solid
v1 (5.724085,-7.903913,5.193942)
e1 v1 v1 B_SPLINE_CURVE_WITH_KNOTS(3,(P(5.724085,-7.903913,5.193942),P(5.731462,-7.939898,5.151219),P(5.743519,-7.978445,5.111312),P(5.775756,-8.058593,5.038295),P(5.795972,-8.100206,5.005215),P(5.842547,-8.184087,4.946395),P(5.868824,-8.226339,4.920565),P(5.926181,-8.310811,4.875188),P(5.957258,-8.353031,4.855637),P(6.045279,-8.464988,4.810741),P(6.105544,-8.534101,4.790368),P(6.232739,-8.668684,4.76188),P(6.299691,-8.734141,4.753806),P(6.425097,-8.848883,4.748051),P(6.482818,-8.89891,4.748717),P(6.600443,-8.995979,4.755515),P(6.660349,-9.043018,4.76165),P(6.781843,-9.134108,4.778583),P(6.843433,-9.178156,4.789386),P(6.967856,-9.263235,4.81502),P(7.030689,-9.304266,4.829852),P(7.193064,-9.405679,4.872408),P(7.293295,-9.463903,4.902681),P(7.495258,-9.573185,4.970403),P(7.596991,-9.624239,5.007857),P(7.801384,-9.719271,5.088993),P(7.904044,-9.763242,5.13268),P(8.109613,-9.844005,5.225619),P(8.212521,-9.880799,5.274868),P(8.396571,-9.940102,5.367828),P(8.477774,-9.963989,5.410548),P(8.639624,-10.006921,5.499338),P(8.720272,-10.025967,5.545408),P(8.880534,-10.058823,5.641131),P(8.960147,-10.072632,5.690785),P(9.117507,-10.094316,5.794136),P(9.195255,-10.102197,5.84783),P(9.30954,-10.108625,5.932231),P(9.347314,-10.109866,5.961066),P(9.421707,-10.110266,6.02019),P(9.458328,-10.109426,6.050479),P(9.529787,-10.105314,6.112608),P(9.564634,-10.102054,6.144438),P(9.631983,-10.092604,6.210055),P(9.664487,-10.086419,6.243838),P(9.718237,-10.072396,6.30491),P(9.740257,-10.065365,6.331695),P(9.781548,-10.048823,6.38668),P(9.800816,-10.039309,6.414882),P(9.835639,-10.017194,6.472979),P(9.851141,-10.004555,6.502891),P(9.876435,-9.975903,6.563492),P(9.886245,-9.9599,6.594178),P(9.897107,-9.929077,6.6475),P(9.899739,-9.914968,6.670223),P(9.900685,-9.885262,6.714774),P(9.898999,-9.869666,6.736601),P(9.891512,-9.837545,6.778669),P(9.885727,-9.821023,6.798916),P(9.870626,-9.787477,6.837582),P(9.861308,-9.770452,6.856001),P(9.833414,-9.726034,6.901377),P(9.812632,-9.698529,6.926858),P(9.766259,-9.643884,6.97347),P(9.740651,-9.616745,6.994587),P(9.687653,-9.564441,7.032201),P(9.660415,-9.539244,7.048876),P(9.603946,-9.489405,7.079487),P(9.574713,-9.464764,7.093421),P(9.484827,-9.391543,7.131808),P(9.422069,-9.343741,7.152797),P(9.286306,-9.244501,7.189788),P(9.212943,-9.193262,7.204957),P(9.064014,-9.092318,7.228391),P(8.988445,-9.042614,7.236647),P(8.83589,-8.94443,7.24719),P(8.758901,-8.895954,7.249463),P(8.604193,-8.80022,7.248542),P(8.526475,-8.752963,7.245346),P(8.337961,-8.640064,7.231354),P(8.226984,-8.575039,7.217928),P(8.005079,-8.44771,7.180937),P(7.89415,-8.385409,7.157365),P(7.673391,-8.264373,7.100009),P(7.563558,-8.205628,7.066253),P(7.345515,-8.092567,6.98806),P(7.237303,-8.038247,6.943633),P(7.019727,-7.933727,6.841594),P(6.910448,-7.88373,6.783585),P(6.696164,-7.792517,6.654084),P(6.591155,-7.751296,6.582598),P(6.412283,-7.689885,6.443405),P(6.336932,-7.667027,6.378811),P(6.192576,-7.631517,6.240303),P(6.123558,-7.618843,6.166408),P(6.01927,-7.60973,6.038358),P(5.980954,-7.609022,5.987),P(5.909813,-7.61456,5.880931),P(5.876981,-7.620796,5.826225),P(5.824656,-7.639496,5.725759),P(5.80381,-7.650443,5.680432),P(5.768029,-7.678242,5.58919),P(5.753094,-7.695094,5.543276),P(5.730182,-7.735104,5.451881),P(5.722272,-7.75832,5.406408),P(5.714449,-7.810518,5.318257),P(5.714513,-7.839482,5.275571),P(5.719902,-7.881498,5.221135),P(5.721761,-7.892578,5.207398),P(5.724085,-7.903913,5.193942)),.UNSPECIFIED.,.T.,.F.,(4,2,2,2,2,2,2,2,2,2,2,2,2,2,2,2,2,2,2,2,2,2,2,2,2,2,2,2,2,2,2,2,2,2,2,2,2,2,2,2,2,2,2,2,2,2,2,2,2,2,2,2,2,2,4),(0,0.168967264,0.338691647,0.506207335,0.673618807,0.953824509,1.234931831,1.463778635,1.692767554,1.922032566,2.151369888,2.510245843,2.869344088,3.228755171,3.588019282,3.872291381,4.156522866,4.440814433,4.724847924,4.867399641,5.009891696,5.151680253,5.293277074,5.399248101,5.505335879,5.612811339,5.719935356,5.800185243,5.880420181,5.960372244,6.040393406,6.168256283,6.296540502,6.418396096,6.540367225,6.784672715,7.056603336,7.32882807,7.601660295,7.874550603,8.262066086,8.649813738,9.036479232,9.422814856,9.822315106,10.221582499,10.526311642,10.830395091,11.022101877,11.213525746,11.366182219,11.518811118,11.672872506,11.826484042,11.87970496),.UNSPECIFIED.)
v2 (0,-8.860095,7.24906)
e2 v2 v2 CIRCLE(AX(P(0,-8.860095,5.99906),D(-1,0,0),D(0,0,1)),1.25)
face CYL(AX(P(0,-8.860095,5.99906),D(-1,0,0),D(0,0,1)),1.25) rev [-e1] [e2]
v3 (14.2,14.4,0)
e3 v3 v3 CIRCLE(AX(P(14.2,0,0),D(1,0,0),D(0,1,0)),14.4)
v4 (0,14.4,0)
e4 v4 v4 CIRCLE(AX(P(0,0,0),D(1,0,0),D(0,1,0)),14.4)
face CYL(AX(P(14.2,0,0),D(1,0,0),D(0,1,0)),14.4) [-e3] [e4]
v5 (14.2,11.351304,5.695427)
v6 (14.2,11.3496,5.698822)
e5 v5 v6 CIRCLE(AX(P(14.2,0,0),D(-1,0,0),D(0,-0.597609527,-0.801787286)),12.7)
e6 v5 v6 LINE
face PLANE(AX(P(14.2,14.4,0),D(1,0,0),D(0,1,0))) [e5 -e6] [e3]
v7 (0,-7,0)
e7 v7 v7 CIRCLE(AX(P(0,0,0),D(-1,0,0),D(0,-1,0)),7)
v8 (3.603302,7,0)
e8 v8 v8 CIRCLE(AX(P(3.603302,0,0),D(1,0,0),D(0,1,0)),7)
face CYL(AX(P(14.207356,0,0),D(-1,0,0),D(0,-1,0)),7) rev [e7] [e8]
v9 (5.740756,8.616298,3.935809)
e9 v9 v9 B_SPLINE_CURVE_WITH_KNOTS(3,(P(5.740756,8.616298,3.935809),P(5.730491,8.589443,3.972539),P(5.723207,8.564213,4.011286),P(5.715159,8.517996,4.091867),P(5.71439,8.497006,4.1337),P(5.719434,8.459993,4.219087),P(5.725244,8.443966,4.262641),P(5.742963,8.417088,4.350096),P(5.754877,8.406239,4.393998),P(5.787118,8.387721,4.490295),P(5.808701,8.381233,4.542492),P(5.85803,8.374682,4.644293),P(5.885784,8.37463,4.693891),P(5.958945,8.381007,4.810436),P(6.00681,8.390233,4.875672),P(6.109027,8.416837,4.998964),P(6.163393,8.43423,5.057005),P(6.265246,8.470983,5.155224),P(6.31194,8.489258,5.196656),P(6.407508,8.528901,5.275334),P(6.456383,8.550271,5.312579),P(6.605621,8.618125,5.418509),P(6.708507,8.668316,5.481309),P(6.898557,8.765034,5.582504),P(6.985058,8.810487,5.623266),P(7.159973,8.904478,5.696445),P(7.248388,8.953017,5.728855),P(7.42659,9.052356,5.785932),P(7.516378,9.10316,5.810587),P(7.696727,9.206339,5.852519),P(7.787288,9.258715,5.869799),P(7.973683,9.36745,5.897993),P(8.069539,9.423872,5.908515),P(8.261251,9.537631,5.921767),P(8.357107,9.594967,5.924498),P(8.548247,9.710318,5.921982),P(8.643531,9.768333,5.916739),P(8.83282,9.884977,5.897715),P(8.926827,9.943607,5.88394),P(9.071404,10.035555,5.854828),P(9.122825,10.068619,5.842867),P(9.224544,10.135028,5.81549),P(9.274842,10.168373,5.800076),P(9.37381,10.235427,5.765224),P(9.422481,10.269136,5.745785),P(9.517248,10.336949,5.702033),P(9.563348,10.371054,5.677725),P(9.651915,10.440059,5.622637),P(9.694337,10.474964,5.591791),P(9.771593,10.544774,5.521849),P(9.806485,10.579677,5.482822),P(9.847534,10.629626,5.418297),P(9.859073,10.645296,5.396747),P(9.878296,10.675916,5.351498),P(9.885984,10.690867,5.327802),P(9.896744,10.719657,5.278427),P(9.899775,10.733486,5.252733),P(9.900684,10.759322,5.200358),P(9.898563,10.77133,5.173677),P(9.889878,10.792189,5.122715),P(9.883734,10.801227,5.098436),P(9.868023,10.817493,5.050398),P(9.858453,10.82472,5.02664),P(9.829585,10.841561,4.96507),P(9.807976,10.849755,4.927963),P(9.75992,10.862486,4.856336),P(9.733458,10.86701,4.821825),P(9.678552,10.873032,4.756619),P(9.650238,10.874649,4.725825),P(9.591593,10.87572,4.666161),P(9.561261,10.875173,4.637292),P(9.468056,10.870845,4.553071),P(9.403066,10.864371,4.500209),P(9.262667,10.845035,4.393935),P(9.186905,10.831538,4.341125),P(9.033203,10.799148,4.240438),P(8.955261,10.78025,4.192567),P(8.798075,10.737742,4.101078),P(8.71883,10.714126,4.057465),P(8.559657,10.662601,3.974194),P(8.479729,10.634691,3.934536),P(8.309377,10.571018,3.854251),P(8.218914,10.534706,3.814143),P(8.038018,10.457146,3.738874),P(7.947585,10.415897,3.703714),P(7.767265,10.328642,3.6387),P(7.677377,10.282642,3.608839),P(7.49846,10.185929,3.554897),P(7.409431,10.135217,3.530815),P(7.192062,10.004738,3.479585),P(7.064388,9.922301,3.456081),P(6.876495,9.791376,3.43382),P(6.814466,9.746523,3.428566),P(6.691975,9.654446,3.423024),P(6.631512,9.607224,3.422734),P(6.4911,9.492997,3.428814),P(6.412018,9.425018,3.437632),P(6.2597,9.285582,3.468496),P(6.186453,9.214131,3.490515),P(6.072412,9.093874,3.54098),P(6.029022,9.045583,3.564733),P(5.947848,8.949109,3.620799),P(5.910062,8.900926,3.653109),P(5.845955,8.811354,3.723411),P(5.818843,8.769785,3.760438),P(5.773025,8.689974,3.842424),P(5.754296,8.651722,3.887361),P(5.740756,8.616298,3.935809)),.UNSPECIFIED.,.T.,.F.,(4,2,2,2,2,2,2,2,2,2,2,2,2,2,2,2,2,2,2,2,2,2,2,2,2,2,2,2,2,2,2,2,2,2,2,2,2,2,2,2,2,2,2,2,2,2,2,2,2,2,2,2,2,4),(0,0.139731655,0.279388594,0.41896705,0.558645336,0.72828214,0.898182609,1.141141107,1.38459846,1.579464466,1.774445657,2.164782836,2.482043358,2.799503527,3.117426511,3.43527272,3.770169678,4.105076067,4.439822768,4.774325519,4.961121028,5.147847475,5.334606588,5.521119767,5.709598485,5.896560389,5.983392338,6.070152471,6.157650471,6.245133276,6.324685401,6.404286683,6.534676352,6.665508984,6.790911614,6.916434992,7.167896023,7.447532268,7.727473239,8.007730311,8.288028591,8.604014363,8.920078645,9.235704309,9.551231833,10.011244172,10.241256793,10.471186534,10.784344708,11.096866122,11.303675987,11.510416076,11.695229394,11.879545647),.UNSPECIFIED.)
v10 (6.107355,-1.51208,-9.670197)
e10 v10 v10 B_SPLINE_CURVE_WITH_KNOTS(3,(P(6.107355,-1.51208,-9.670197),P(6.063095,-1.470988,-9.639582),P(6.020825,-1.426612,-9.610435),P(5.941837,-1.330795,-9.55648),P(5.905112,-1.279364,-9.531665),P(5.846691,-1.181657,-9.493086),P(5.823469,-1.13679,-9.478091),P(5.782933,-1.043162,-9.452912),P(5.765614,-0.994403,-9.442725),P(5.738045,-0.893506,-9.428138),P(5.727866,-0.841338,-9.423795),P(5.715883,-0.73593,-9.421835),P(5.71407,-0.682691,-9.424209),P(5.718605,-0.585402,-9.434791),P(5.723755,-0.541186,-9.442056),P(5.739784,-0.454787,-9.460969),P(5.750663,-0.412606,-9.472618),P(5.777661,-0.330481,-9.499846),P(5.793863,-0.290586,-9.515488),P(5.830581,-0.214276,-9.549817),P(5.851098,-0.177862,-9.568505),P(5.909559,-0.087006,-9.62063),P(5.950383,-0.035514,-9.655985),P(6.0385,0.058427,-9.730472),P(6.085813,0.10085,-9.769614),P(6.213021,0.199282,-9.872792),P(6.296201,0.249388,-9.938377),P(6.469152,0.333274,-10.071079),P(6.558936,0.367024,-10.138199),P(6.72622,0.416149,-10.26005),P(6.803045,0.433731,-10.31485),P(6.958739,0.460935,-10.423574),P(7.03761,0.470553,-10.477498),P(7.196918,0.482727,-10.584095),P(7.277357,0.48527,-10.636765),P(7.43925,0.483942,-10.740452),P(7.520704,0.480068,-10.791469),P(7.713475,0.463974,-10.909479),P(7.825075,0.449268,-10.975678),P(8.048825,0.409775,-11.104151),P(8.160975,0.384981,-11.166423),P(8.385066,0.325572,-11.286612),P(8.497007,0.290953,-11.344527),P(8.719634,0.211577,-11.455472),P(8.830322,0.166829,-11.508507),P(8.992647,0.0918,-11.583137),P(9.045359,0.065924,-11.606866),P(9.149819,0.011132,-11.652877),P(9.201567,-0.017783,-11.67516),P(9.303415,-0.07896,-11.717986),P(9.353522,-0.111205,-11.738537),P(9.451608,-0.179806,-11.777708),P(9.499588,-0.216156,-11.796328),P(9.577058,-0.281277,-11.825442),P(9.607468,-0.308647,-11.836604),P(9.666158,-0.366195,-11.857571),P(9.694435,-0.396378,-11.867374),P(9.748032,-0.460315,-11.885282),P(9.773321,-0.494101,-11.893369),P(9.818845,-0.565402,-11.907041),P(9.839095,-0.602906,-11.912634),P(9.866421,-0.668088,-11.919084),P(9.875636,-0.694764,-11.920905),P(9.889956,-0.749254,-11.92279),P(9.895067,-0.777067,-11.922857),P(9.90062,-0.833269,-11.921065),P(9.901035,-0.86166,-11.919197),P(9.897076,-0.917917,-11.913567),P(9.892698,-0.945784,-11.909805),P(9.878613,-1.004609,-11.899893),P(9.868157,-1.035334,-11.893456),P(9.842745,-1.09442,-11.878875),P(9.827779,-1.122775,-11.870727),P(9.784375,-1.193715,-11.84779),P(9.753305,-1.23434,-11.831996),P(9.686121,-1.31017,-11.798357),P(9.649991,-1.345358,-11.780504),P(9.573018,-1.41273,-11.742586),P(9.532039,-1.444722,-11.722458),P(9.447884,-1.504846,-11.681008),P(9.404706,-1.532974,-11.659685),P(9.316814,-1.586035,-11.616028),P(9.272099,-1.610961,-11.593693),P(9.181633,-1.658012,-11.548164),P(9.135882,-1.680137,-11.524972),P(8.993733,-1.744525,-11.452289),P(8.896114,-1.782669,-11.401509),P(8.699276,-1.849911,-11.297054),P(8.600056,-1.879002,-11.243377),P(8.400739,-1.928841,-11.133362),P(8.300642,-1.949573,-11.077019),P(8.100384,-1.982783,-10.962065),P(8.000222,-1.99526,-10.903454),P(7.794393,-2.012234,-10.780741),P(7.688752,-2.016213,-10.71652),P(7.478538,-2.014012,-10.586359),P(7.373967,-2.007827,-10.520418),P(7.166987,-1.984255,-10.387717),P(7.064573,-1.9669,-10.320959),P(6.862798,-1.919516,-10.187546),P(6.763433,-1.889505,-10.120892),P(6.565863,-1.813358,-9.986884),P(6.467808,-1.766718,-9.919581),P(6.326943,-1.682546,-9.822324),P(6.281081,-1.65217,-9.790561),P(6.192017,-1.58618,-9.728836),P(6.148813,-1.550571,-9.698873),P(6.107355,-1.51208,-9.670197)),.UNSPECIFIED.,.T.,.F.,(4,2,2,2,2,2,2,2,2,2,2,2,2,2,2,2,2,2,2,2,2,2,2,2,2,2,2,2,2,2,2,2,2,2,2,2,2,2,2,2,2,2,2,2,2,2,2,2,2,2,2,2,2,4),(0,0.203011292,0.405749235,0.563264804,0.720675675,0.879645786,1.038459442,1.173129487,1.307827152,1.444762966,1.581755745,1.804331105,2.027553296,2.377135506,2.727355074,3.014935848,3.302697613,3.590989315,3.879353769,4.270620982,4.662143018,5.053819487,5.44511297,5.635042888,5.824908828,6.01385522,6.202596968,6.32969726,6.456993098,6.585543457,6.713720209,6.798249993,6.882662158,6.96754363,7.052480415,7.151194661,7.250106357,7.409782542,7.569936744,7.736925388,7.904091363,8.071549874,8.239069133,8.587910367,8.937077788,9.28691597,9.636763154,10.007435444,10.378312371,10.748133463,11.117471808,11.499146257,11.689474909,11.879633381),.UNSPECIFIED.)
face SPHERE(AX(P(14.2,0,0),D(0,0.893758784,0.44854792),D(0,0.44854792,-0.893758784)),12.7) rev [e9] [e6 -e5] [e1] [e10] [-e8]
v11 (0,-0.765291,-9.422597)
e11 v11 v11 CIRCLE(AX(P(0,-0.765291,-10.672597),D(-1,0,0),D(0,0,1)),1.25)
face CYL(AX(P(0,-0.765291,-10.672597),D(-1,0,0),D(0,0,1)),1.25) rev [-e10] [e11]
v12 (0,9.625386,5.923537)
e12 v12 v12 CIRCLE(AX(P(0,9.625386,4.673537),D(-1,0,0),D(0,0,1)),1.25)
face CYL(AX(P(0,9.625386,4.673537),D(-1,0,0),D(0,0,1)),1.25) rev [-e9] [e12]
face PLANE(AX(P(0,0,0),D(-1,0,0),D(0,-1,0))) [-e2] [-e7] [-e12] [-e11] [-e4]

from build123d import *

# Parameters (mm, degrees)
ESQUISSE1_W                             = 14.2
ESQUISSE1_H                             = 14.4
ENL_VEMENT_DE_MATI_RE_R_VOLUTION2_ANGLE = 180
ENL_V_MAT_EXTRU_1_REACH                 = 26.827
ENL_V_MAT_EXTRU_1_END_RADIUS            = 12.7
ESQUISSE5_R                             = 7
DIAM_TRE_DU_PER_AGE_2_5_2_5_1_D         = 2.5


with BuildPart() as part:
    # Esquisse1 → Révolution1 (revolve)
    with BuildSketch(Plane.XY):
        with Locations((7.1, 7.2)):
            Rectangle(ESQUISSE1_W, ESQUISSE1_H)
    revolve(axis=Axis((14.2, 0, 0), (-1, 0, 0)))

    # Esquisse4 → Enlèvement de matière-Révolution2 (revolve, cut)
    with BuildSketch(Plane(origin=(14.2, 0, 0), x_dir=(0, 0, -1), z_dir=(1, 0, 0))):
        with BuildLine():
            Line((5.69655858, -11.350736555), (-5.69655858, 11.350736555))
            Line((-5.69655858, 11.350736555), (-5.698821877, 11.349600399))
            ThreePointArc((-5.698821877, 11.349600399), (-11.350168533, -5.697690257), (5.69655858, -11.350736555))
        make_face()
    revolve(axis=Axis((14.2, -12.018635625, -6.031754993), (0, -0.8937587838633266, -0.4485479196999441)), revolution_arc=ENL_VEMENT_DE_MATI_RE_R_VOLUTION2_ANGLE, mode=Mode.SUBTRACT)

    # Enlèv. mat.-Extru.1: up to this sphere (the profile starts outside it)
    enl_v_mat_extru_1_end = Location((14.2, 0, 0)) * Sphere(ENL_V_MAT_EXTRU_1_END_RADIUS, mode=Mode.PRIVATE)
    # Esquisse5 → Enlèv. mat.-Extru.1 (cut, up to the surface)
    with BuildSketch(Plane.ZY, mode=Mode.PRIVATE) as enl_v_mat_extru_1_sk1:
        with Locations(Location((0, 0, 0), (0, 0, 270))):
            Circle(ESQUISSE5_R)
    enl_v_mat_extru_1_tool1 = extrude(enl_v_mat_extru_1_sk1.sketch, amount=-ENL_V_MAT_EXTRU_1_REACH, mode=Mode.PRIVATE) - enl_v_mat_extru_1_end
    add(enl_v_mat_extru_1_tool1.solids().sort_by_distance((0, 0, 0))[0], mode=Mode.SUBTRACT)

    # Diamètre du perçage Ø2.5 (2.5)1 (through all)
    with Locations(Plane.ZY):
        with Locations((-10.672597122, -0.765291239), (5.999060215, -8.860094612), (4.673536907, 9.625385851)):
            Hole(DIAM_TRE_DU_PER_AGE_2_5_2_5_1_D / 2)


solid = part.part
